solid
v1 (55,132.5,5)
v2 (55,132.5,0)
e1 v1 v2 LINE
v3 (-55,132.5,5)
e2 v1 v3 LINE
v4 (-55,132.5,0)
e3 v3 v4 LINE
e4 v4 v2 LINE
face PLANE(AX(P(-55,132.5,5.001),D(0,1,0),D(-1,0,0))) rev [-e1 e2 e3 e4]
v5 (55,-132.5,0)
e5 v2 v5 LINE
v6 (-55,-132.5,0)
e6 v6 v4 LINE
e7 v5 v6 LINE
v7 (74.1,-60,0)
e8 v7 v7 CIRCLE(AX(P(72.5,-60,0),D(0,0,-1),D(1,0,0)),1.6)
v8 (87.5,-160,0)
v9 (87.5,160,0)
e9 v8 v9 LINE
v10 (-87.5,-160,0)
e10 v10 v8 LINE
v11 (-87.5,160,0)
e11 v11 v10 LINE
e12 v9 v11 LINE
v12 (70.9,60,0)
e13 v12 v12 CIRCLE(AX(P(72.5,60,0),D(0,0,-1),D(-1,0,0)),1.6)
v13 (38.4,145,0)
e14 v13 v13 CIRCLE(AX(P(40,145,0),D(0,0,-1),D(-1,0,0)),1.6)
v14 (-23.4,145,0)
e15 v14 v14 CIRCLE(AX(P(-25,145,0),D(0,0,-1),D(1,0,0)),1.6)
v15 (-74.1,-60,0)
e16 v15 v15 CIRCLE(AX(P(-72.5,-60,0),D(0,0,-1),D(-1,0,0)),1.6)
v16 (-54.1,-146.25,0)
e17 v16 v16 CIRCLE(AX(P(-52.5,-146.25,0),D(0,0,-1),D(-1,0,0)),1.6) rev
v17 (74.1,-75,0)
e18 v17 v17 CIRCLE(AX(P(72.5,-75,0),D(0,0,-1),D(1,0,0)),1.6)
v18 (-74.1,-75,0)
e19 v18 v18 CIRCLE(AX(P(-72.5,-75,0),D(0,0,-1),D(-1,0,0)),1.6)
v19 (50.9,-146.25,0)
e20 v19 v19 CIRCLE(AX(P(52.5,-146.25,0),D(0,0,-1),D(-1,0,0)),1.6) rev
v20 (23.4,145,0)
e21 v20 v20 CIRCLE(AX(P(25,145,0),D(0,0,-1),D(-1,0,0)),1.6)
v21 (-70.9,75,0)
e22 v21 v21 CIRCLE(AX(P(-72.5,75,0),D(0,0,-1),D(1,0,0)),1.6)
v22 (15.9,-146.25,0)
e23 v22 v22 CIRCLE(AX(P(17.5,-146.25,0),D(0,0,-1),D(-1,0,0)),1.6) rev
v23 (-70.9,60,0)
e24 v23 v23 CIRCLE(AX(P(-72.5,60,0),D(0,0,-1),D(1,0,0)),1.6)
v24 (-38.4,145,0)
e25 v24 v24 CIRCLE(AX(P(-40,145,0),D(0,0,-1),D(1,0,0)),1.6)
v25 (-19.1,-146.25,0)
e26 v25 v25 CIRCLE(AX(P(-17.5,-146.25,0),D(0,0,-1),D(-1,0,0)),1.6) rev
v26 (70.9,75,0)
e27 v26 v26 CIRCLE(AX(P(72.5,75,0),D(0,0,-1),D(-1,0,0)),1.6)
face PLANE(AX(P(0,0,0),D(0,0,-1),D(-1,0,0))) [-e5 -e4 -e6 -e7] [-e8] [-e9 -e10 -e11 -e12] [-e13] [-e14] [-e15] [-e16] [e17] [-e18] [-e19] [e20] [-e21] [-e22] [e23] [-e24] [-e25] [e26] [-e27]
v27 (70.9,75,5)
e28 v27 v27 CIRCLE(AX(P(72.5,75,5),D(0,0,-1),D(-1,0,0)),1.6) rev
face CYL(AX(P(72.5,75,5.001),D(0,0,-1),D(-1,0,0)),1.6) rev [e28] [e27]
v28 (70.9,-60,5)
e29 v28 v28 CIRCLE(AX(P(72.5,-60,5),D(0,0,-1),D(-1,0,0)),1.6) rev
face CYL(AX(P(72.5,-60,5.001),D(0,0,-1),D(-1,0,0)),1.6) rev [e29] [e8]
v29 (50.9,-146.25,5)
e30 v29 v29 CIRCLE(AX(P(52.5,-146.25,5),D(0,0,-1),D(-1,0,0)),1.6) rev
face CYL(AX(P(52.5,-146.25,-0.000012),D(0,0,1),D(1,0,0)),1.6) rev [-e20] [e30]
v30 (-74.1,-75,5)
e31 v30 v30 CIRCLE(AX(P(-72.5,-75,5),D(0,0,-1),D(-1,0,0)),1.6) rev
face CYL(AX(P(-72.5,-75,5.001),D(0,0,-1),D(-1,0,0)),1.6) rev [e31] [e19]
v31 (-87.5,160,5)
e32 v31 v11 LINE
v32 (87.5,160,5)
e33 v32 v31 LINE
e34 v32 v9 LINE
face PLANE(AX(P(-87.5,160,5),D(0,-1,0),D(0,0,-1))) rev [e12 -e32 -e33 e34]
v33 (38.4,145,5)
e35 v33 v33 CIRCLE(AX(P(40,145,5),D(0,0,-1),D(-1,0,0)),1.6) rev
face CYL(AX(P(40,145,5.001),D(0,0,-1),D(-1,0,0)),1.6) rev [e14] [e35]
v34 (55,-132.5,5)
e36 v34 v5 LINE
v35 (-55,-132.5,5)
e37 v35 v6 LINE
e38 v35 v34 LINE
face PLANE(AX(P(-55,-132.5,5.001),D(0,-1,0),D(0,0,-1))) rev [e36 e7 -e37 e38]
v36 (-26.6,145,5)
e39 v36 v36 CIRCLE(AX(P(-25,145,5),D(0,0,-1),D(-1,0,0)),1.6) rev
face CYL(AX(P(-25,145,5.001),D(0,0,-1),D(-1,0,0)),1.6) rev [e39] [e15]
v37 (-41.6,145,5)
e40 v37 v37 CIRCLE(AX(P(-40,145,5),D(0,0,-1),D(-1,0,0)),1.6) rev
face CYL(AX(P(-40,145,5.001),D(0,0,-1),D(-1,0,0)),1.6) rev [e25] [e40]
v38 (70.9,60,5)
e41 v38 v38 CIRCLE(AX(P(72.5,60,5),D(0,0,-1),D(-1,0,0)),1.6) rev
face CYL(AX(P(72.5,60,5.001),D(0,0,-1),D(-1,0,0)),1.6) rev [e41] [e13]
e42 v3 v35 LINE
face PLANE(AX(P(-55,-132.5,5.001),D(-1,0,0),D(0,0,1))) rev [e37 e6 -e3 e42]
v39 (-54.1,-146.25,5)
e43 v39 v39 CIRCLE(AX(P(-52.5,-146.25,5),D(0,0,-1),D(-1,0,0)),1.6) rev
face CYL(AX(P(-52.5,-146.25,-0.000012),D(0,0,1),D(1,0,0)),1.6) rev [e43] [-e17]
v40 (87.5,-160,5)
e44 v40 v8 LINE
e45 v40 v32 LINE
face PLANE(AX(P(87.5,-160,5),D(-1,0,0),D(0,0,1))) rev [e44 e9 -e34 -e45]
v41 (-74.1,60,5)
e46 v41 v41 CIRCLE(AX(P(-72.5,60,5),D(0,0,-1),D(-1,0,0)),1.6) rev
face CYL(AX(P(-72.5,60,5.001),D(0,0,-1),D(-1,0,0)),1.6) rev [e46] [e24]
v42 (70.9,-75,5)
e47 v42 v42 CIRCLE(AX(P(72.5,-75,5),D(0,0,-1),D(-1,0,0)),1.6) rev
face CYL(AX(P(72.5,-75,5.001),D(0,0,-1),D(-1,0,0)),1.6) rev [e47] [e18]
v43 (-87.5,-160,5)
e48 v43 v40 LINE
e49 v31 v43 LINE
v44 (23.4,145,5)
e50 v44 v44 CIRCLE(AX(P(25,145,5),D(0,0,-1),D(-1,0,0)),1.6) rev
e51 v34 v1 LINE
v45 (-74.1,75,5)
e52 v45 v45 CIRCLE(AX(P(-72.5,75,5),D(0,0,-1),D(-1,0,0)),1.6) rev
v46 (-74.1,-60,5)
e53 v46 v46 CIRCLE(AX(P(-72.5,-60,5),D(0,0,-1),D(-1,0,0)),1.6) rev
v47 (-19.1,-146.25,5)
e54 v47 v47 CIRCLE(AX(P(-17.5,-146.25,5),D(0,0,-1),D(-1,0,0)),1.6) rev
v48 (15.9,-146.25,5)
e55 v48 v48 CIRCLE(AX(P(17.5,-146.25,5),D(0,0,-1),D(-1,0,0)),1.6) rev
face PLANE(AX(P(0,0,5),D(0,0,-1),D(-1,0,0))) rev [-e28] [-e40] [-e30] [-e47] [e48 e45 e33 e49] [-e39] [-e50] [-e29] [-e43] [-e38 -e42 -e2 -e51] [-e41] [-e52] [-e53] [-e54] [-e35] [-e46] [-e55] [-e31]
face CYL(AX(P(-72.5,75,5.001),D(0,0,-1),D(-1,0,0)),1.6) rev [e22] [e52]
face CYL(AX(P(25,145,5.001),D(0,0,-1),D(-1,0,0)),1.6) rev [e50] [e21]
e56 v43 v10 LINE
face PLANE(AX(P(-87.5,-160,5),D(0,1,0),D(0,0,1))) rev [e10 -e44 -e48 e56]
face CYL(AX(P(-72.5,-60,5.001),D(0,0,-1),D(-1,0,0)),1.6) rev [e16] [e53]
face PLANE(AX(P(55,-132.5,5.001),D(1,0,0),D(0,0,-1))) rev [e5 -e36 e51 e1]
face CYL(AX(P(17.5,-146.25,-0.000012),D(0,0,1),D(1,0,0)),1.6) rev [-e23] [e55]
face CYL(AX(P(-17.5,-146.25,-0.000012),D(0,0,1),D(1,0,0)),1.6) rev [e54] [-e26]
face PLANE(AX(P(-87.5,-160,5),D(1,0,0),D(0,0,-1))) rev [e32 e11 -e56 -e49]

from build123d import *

# Parameters (mm, degrees)
SKETCH1_W                      = 175
SKETCH1_H                      = 320
BOSS_EXTRUDE1_DEPTH            = 5
CUT_EXTRUDE1_REACH             = 7
SKETCH2_W                      = 110
SKETCH2_H                      = 265
CUT_EXTRUDE2_REACH             = 7
SKETCH4_R                      = 1.6
CUT_EXTRUDE3_REACH             = 7
SKETCH5_R                      = 1.6
CUT_EXTRUDE4_REACH             = 7
SKETCH6_R                      = 1.6
CUT_EXTRUDE4_DIRECTION_2_DEPTH = 1


with BuildPart() as part:
    # Sketch1 → Boss-Extrude1 (new body)
    with BuildSketch(Plane.XY):
        Rectangle(SKETCH1_W, SKETCH1_H)
    extrude(amount=BOSS_EXTRUDE1_DEPTH)

    # Sketch2 → Cut-Extrude1 (cut, up to next)
    with BuildSketch(Plane(origin=(0, 0, 0), x_dir=(-1, 0, 0), z_dir=(0, 0, -1)), mode=Mode.PRIVATE) as cut_extrude1_sk1:
        Rectangle(SKETCH2_W, SKETCH2_H)
    cut_extrude1_tool1 = extrude(cut_extrude1_sk1.sketch, amount=-CUT_EXTRUDE1_REACH, mode=Mode.PRIVATE) & part.part
    add(cut_extrude1_tool1.solids().sort_by_distance((0, 0, 0))[0], mode=Mode.SUBTRACT)

    # Sketch4 → Cut-Extrude2 (cut, up to next)
    with BuildSketch(Plane(origin=(0, 0, 0), x_dir=(-1, 0, 0), z_dir=(0, 0, -1)), mode=Mode.PRIVATE) as cut_extrude2_sk1:
        with Locations((-25, 145)):
            Circle(SKETCH4_R)
    cut_extrude2_tool1 = extrude(cut_extrude2_sk1.sketch, amount=-CUT_EXTRUDE2_REACH, mode=Mode.PRIVATE) & part.part
    add(cut_extrude2_tool1.solids().sort_by_distance((25, 145, 0))[0], mode=Mode.SUBTRACT)
    # Sketch4 → Cut-Extrude2 (cut, up to next)
    with BuildSketch(Plane(origin=(0, 0, 0), x_dir=(-1, 0, 0), z_dir=(0, 0, -1)), mode=Mode.PRIVATE) as cut_extrude2_sk2:
        with Locations((-40, 145)):
            Circle(SKETCH4_R)
    cut_extrude2_tool2 = extrude(cut_extrude2_sk2.sketch, amount=-CUT_EXTRUDE2_REACH, mode=Mode.PRIVATE) & part.part
    add(cut_extrude2_tool2.solids().sort_by_distance((40, 145, 0))[0], mode=Mode.SUBTRACT)
    # Sketch4 → Cut-Extrude2 (cut, up to next)
    with BuildSketch(Plane(origin=(0, 0, 0), x_dir=(-1, 0, 0), z_dir=(0, 0, -1)), mode=Mode.PRIVATE) as cut_extrude2_sk3:
        with Locations((25, 145)):
            Circle(SKETCH4_R)
    cut_extrude2_tool3 = extrude(cut_extrude2_sk3.sketch, amount=-CUT_EXTRUDE2_REACH, mode=Mode.PRIVATE) & part.part
    add(cut_extrude2_tool3.solids().sort_by_distance((-25, 145, 0))[0], mode=Mode.SUBTRACT)
    # Sketch4 → Cut-Extrude2 (cut, up to next)
    with BuildSketch(Plane(origin=(0, 0, 0), x_dir=(-1, 0, 0), z_dir=(0, 0, -1)), mode=Mode.PRIVATE) as cut_extrude2_sk4:
        with Locations((40, 145)):
            Circle(SKETCH4_R)
    cut_extrude2_tool4 = extrude(cut_extrude2_sk4.sketch, amount=-CUT_EXTRUDE2_REACH, mode=Mode.PRIVATE) & part.part
    add(cut_extrude2_tool4.solids().sort_by_distance((-40, 145, 0))[0], mode=Mode.SUBTRACT)

    # Sketch5 → Cut-Extrude3 (cut, up to next)
    with BuildSketch(Plane(origin=(0, 0, 0), x_dir=(-1, 0, 0), z_dir=(0, 0, -1)), mode=Mode.PRIVATE) as cut_extrude3_sk1:
        with Locations((-72.5, 75)):
            Circle(SKETCH5_R)
    cut_extrude3_tool1 = extrude(cut_extrude3_sk1.sketch, amount=-CUT_EXTRUDE3_REACH, mode=Mode.PRIVATE) & part.part
    add(cut_extrude3_tool1.solids().sort_by_distance((72.5, 75, 0))[0], mode=Mode.SUBTRACT)
    # Sketch5 → Cut-Extrude3 (cut, up to next)
    with BuildSketch(Plane(origin=(0, 0, 0), x_dir=(-1, 0, 0), z_dir=(0, 0, -1)), mode=Mode.PRIVATE) as cut_extrude3_sk2:
        with Locations((-72.5, 60)):
            Circle(SKETCH5_R)
    cut_extrude3_tool2 = extrude(cut_extrude3_sk2.sketch, amount=-CUT_EXTRUDE3_REACH, mode=Mode.PRIVATE) & part.part
    add(cut_extrude3_tool2.solids().sort_by_distance((72.5, 60, 0))[0], mode=Mode.SUBTRACT)
    # Sketch5 → Cut-Extrude3 (cut, up to next)
    with BuildSketch(Plane(origin=(0, 0, 0), x_dir=(-1, 0, 0), z_dir=(0, 0, -1)), mode=Mode.PRIVATE) as cut_extrude3_sk3:
        with Locations((-72.5, -75)):
            Circle(SKETCH5_R)
    cut_extrude3_tool3 = extrude(cut_extrude3_sk3.sketch, amount=-CUT_EXTRUDE3_REACH, mode=Mode.PRIVATE) & part.part
    add(cut_extrude3_tool3.solids().sort_by_distance((72.5, -75, 0))[0], mode=Mode.SUBTRACT)
    # Sketch5 → Cut-Extrude3 (cut, up to next)
    with BuildSketch(Plane(origin=(0, 0, 0), x_dir=(-1, 0, 0), z_dir=(0, 0, -1)), mode=Mode.PRIVATE) as cut_extrude3_sk4:
        with Locations((-72.5, -60)):
            Circle(SKETCH5_R)
    cut_extrude3_tool4 = extrude(cut_extrude3_sk4.sketch, amount=-CUT_EXTRUDE3_REACH, mode=Mode.PRIVATE) & part.part
    add(cut_extrude3_tool4.solids().sort_by_distance((72.5, -60, 0))[0], mode=Mode.SUBTRACT)
    # Sketch5 → Cut-Extrude3 (cut, up to next)
    with BuildSketch(Plane(origin=(0, 0, 0), x_dir=(-1, 0, 0), z_dir=(0, 0, -1)), mode=Mode.PRIVATE) as cut_extrude3_sk5:
        with Locations((72.5, -75)):
            Circle(SKETCH5_R)
    cut_extrude3_tool5 = extrude(cut_extrude3_sk5.sketch, amount=-CUT_EXTRUDE3_REACH, mode=Mode.PRIVATE) & part.part
    add(cut_extrude3_tool5.solids().sort_by_distance((-72.5, -75, 0))[0], mode=Mode.SUBTRACT)
    # Sketch5 → Cut-Extrude3 (cut, up to next)
    with BuildSketch(Plane(origin=(0, 0, 0), x_dir=(-1, 0, 0), z_dir=(0, 0, -1)), mode=Mode.PRIVATE) as cut_extrude3_sk6:
        with Locations((72.5, -60)):
            Circle(SKETCH5_R)
    cut_extrude3_tool6 = extrude(cut_extrude3_sk6.sketch, amount=-CUT_EXTRUDE3_REACH, mode=Mode.PRIVATE) & part.part
    add(cut_extrude3_tool6.solids().sort_by_distance((-72.5, -60, 0))[0], mode=Mode.SUBTRACT)
    # Sketch5 → Cut-Extrude3 (cut, up to next)
    with BuildSketch(Plane(origin=(0, 0, 0), x_dir=(-1, 0, 0), z_dir=(0, 0, -1)), mode=Mode.PRIVATE) as cut_extrude3_sk7:
        with Locations((72.5, 60)):
            Circle(SKETCH5_R)
    cut_extrude3_tool7 = extrude(cut_extrude3_sk7.sketch, amount=-CUT_EXTRUDE3_REACH, mode=Mode.PRIVATE) & part.part
    add(cut_extrude3_tool7.solids().sort_by_distance((-72.5, 60, 0))[0], mode=Mode.SUBTRACT)
    # Sketch5 → Cut-Extrude3 (cut, up to next)
    with BuildSketch(Plane(origin=(0, 0, 0), x_dir=(-1, 0, 0), z_dir=(0, 0, -1)), mode=Mode.PRIVATE) as cut_extrude3_sk8:
        with Locations((72.5, 75)):
            Circle(SKETCH5_R)
    cut_extrude3_tool8 = extrude(cut_extrude3_sk8.sketch, amount=-CUT_EXTRUDE3_REACH, mode=Mode.PRIVATE) & part.part
    add(cut_extrude3_tool8.solids().sort_by_distance((-72.5, 75, 0))[0], mode=Mode.SUBTRACT)

    # Sketch6 → Cut-Extrude4 (cut, up to next)
    with BuildSketch(Plane(origin=(0, 0, 0), x_dir=(-1, 0, 0), z_dir=(0, 0, -1)), mode=Mode.PRIVATE) as cut_extrude4_sk1:
        with Locations((52.5, -146.25)):
            Circle(SKETCH6_R)
    cut_extrude4_tool1 = extrude(cut_extrude4_sk1.sketch, amount=-CUT_EXTRUDE4_REACH, mode=Mode.PRIVATE) & part.part
    add(cut_extrude4_tool1.solids().sort_by_distance((-52.5, -146.25, 0))[0], mode=Mode.SUBTRACT)
    # Sketch6 → Cut-Extrude4 (cut, up to next)
    with BuildSketch(Plane(origin=(0, 0, 0), x_dir=(-1, 0, 0), z_dir=(0, 0, -1)), mode=Mode.PRIVATE) as cut_extrude4_sk2:
        with Locations((17.5, -146.25)):
            Circle(SKETCH6_R)
    cut_extrude4_tool2 = extrude(cut_extrude4_sk2.sketch, amount=-CUT_EXTRUDE4_REACH, mode=Mode.PRIVATE) & part.part
    add(cut_extrude4_tool2.solids().sort_by_distance((-17.5, -146.25, 0))[0], mode=Mode.SUBTRACT)
    # Sketch6 → Cut-Extrude4 (cut, up to next)
    with BuildSketch(Plane(origin=(0, 0, 0), x_dir=(-1, 0, 0), z_dir=(0, 0, -1)), mode=Mode.PRIVATE) as cut_extrude4_sk3:
        with Locations((-17.5, -146.25)):
            Circle(SKETCH6_R)
    cut_extrude4_tool3 = extrude(cut_extrude4_sk3.sketch, amount=-CUT_EXTRUDE4_REACH, mode=Mode.PRIVATE) & part.part
    add(cut_extrude4_tool3.solids().sort_by_distance((17.5, -146.25, 0))[0], mode=Mode.SUBTRACT)
    # Sketch6 → Cut-Extrude4 (cut, up to next)
    with BuildSketch(Plane(origin=(0, 0, 0), x_dir=(-1, 0, 0), z_dir=(0, 0, -1)), mode=Mode.PRIVATE) as cut_extrude4_sk4:
        with Locations((-52.5, -146.25)):
            Circle(SKETCH6_R)
    cut_extrude4_tool4 = extrude(cut_extrude4_sk4.sketch, amount=-CUT_EXTRUDE4_REACH, mode=Mode.PRIVATE) & part.part
    add(cut_extrude4_tool4.solids().sort_by_distance((52.5, -146.25, 0))[0], mode=Mode.SUBTRACT)

    # Sketch6 → Cut-Extrude4 direction 2 (cut)
    with BuildSketch(Plane(origin=(0, 0, 0), x_dir=(-1, 0, 0), z_dir=(0, 0, -1))):
        with Locations((52.5, -146.25)):
            Circle(SKETCH6_R)
        with Locations((17.5, -146.25)):
            Circle(SKETCH6_R)
        with Locations((-17.5, -146.25)):
            Circle(SKETCH6_R)
        with Locations((-52.5, -146.25)):
            Circle(SKETCH6_R)
    extrude(amount=CUT_EXTRUDE4_DIRECTION_2_DEPTH, mode=Mode.SUBTRACT)


solid = part.part
